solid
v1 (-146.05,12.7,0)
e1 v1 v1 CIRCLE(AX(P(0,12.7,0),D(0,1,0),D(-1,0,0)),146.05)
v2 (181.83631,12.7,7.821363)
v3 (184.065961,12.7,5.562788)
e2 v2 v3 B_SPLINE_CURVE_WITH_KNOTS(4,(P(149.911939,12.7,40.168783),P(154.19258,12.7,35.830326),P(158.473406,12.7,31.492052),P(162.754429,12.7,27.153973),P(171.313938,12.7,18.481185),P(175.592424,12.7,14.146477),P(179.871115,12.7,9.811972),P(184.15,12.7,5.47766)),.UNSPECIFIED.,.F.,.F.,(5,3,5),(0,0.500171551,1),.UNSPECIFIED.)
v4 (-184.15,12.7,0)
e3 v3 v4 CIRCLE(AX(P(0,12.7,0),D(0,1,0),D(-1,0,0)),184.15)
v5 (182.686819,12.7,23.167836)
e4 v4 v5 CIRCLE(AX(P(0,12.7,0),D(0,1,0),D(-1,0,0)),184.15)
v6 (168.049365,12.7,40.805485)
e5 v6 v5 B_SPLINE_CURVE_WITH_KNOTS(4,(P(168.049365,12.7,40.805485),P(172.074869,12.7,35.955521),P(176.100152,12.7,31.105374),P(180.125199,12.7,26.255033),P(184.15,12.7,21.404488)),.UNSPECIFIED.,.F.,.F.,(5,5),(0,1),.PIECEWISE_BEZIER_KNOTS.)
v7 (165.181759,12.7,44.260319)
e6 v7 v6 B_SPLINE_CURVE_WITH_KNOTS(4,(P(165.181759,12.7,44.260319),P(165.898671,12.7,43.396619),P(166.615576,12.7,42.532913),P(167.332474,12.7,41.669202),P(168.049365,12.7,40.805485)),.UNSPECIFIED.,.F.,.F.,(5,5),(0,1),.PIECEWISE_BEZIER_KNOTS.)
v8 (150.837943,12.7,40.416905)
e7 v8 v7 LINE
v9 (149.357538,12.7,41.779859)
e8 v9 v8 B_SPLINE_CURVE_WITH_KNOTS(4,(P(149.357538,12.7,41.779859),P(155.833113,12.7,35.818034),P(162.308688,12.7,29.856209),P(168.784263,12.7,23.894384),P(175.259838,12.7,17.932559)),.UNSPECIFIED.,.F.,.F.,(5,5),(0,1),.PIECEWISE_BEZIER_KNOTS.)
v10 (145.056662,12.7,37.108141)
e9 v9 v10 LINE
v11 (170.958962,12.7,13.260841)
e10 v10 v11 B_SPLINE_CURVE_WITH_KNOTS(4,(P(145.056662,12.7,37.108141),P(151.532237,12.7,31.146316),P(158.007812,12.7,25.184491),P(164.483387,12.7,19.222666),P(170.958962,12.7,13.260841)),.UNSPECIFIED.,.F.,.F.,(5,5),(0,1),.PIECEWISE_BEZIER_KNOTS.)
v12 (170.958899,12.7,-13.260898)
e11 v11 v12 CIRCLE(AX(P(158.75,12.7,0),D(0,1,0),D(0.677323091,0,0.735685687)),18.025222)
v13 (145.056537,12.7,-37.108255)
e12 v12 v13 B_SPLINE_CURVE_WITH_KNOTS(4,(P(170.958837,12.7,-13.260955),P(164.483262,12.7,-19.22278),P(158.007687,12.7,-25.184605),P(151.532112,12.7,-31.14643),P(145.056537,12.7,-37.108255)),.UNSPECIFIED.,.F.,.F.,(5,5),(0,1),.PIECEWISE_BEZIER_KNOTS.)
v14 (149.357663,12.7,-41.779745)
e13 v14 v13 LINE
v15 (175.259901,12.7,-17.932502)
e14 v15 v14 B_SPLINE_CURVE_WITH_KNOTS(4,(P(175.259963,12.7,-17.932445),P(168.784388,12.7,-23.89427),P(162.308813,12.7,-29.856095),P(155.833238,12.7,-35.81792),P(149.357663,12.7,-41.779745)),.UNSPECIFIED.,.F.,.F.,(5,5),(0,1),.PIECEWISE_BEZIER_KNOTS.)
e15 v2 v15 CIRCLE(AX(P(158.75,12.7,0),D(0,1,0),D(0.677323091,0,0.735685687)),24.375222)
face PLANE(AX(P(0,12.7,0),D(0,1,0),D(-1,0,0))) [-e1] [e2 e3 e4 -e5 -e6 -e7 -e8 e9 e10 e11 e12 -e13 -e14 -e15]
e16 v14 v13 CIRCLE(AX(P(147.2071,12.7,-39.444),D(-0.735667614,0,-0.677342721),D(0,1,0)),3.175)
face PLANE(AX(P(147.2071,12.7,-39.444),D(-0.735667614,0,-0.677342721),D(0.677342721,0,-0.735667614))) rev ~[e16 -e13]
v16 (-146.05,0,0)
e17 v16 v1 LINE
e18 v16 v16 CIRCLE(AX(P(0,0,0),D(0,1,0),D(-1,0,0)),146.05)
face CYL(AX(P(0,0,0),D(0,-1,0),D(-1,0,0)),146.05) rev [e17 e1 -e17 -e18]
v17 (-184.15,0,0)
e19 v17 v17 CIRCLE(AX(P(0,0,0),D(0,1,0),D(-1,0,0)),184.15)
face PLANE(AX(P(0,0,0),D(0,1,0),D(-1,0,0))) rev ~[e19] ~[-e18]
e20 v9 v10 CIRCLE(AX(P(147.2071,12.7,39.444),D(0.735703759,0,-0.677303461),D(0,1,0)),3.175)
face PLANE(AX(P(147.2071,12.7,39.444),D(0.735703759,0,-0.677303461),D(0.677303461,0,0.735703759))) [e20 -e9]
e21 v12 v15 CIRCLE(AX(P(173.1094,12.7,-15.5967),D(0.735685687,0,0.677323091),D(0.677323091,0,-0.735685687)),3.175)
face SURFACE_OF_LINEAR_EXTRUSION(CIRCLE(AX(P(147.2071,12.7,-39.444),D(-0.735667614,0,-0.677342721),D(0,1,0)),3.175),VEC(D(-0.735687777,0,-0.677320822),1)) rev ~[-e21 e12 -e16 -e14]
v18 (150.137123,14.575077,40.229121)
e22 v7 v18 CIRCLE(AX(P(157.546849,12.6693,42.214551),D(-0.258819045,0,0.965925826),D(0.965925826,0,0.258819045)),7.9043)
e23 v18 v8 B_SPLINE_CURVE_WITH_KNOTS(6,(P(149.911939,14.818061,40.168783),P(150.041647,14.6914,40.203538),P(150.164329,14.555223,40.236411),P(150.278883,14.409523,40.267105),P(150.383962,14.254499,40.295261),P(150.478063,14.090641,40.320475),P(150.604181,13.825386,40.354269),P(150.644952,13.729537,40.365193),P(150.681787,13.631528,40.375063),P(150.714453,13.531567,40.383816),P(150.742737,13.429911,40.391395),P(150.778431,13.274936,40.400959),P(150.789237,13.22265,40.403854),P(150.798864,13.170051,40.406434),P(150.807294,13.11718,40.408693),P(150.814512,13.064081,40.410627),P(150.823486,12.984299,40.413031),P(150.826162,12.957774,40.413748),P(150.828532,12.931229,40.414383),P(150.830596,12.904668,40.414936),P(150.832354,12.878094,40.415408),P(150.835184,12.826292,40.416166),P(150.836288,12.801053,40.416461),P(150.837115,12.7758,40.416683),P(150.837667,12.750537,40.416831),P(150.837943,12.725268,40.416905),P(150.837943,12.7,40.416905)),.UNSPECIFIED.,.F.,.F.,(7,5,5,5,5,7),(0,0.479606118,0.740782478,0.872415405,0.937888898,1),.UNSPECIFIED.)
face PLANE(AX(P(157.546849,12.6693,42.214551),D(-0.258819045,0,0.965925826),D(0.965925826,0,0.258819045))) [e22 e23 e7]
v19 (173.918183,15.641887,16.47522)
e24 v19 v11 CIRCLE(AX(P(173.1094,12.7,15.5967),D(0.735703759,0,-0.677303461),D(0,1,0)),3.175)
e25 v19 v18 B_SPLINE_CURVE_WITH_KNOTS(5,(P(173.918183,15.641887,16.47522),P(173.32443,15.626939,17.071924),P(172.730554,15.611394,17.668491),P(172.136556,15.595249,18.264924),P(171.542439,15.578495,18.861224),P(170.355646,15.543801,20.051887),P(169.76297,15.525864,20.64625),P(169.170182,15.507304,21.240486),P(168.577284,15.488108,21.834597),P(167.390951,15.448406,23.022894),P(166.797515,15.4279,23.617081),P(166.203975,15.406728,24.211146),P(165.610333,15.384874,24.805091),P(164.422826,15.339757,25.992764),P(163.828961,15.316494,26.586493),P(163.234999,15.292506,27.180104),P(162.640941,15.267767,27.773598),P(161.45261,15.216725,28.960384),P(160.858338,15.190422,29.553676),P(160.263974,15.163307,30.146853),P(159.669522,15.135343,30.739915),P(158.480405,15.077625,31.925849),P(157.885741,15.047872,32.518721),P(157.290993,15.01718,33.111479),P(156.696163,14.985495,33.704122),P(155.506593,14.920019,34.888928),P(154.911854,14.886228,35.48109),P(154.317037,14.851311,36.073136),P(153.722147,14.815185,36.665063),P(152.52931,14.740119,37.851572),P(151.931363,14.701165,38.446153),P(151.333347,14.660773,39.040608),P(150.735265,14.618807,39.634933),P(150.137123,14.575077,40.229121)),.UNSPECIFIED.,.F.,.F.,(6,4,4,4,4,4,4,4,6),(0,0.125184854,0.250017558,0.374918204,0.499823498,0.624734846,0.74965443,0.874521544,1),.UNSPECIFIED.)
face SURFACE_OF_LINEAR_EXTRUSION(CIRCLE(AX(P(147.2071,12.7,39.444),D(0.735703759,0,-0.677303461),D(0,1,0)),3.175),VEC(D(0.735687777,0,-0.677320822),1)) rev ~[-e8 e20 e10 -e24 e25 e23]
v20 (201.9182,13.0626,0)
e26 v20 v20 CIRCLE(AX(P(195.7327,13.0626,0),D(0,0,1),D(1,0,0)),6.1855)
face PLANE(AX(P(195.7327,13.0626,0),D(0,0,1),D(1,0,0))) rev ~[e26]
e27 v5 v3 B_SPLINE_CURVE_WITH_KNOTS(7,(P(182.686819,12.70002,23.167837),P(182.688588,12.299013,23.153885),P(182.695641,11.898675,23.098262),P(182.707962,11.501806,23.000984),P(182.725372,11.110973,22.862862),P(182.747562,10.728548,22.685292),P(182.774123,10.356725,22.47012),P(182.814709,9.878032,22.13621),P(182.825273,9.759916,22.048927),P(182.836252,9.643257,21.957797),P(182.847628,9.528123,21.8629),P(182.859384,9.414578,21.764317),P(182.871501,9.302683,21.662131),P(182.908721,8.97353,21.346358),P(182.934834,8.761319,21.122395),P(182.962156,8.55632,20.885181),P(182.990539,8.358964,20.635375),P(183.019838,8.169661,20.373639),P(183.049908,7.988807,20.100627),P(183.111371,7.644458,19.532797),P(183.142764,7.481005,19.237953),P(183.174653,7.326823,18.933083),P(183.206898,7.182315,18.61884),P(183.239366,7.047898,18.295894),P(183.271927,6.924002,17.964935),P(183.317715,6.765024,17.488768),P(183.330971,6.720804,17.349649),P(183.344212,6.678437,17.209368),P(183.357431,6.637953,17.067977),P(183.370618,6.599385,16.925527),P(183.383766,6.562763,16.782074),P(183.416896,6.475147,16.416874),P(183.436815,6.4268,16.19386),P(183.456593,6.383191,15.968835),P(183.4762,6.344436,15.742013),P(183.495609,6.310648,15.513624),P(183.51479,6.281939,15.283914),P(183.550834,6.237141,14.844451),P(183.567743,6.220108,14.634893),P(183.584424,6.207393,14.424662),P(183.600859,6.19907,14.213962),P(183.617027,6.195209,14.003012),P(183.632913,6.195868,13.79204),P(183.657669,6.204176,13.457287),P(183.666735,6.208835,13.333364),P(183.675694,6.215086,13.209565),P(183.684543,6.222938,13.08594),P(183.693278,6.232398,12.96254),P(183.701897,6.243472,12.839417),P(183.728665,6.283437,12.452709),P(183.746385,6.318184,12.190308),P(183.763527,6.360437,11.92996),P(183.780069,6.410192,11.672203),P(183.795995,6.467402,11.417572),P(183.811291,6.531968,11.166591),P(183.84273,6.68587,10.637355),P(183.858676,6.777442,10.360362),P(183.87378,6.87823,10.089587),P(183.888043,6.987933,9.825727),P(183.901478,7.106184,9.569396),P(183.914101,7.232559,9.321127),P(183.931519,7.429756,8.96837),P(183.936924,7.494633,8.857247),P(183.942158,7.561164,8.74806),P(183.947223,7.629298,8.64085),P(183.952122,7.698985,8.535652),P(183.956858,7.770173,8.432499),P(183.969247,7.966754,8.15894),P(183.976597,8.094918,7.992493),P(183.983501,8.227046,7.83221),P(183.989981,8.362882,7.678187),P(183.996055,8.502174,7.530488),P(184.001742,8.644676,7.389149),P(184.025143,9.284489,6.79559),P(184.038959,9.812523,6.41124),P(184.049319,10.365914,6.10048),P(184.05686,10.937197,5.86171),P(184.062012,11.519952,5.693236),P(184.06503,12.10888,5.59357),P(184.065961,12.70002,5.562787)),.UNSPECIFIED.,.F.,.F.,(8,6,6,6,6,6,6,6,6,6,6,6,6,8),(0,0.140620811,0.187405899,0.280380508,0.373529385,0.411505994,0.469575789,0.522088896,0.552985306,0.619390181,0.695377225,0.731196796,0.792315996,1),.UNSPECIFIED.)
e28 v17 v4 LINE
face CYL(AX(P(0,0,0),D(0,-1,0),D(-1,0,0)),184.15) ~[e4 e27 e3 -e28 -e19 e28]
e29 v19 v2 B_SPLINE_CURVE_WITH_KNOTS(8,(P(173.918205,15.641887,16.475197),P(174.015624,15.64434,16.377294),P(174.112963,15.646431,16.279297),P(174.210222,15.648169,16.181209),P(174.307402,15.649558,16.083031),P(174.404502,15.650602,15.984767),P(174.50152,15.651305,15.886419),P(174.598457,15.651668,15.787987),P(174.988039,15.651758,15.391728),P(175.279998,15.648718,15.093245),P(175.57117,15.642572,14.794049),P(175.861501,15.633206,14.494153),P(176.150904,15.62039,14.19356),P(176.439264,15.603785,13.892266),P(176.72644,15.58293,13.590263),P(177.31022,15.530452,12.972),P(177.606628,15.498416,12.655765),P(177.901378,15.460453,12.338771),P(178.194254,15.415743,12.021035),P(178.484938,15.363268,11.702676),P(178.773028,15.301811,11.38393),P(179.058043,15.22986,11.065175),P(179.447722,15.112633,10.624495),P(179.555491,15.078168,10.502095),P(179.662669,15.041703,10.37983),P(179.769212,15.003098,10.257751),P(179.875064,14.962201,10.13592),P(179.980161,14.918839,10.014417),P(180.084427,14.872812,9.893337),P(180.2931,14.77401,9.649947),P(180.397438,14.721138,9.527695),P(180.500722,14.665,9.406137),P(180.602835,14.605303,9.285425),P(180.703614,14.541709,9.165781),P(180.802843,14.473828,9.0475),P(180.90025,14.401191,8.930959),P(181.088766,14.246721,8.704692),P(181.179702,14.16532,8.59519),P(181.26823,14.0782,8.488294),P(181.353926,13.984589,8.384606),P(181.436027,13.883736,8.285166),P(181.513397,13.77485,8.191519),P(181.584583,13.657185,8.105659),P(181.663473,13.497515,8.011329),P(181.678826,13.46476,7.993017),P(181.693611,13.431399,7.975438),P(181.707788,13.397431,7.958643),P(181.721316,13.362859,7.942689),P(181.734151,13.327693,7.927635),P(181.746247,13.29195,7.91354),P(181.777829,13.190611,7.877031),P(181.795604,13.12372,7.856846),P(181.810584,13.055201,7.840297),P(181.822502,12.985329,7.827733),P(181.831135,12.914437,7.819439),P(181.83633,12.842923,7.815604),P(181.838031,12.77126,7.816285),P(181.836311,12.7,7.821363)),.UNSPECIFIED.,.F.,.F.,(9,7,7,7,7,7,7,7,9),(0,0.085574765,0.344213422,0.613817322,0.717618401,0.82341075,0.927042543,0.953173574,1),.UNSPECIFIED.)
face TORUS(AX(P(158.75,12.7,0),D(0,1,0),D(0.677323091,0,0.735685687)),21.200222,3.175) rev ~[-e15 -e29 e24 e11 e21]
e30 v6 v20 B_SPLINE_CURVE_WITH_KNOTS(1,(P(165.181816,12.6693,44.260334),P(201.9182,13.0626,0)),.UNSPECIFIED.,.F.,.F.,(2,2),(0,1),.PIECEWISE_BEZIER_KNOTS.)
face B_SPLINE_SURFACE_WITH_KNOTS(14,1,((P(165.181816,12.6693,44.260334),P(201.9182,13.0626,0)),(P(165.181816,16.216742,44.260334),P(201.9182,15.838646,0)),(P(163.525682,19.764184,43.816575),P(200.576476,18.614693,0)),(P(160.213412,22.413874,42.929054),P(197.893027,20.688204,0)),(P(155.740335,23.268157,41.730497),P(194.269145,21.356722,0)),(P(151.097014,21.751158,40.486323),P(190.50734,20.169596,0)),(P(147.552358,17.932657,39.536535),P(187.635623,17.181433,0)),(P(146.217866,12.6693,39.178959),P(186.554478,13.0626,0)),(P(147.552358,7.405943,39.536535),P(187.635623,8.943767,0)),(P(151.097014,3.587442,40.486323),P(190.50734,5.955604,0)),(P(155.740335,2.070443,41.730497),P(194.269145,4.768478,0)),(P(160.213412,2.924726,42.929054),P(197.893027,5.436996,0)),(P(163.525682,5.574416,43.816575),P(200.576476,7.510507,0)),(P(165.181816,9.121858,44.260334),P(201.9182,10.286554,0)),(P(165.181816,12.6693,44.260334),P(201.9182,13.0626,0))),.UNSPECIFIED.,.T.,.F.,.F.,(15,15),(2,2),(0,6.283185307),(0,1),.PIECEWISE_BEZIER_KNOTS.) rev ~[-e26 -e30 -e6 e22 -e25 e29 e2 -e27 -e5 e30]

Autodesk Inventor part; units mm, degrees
ref_plane "XZ Plane" through (0, 0, 0) normal (0, 1, 0) x (-1, 0, 0)
sketch "Sketch1" plane through (0, 0, 0) normal (0, 1, 0) x (-1, 0, 0)
  circle A0 centre (0, 0) radius 146.05
  circle A1 centre (0, 0) radius 184.15
  dimension "camInsideDiameter" = 292.1
  dimension "d1" = 368.3
extrude "Extrusion1" add sketch "Sketch1" along normal blind 12.7
sketch "Sketch2" plane through (0, 12.7, 0) normal (0, 1, 0) x (1, 0, 0)
  circle A0 centre (0, 0) radius 146.05 construction
  circle A1 centre (0, 0) radius 184.15 construction
  line L0 (0, 0) -> (147.2071, -39.444) construction
  line L1 (0, 0) -> (184.15, 0) construction
  line L2 (0, 0) -> (147.2071, 39.444) construction
  line L3 (147.2071, -39.444) -> (173.1094, -15.5967)
  line L4 (147.2071, 39.444) -> (173.1094, 15.5967)
  arc A2 (173.1094, -15.5967) -> (173.1094, 15.5967) centre (158.75, 0) ccw
  dimension "oneHalfPhase" = 15
  dimension "d5" = 15
  dimension "innerRadiusForCam" = 152.4
  dimension "innerRadisuForCam" = 152.4
  dimension "d12" = 158.75
sketch "Sketch8" plane through (0, 12.7, 0) normal (0, 1, 0) x (1, 0, 0)
  line L0 (0, 0) -> (184.15, 0) construction
  circle A0 centre (0, 0) radius 184.15 construction
  line L1 (0, 0) -> (177.8752, 47.6615) construction
  line L2 (0, 0) -> (47.6615, 177.8752) construction
  line L3 (0, 0) -> (0, 184.15) construction
  line L4 (0, 0) -> (177.8752, -47.6615) construction
  circle A1 centre (0, 0) radius 155.8689 construction
  circle A2 centre (0, 0) radius 173.9571 construction
  point P0 (150.5578, 40.3418)
  point P1 (168.0296, 45.0234)
  dimension "angleForCamMovement" = 15
  dimension "d17" = 15
  dimension "d18" = 15
sketch "Sketch9" plane through (0, 0, 0) normal (0, 0, 1) x (1, 0, 0)
  circle A0 centre (195.7327, 13.0626) radius 6.1855
  line L0 (-146.05, 12.7) -> (146.05, 12.7) projected
  point P0 (0, 0)
  dimension "d22" = 0.3625
ref_plane "Work Plane2" through (0, 12.7, 0) normal (-0.2588, 0, 0.9659) x (0.9659, 0, 0.2588)
ref_plane "Work Plane3" through (0, 12.7, 0) normal (0.2588, 0, 0.9659) x (0.9659, 0, -0.2588)
ref_plane "Work Plane4" through (0, 12.7, 0) normal (0.9659, 0, 0.2588) x (0.2588, 0, -0.9659)
sketch "Sketch11" plane through (0, 12.7, 0) normal (-0.2588, 0, 0.9659) x (0.9659, 0, 0.2588)
  circle A0 centre (163.1045, -0.0307) radius 7.9043
  point P0 (0, -12.7)
loft "Loft1" add profiles "Sketch11", "Sketch9"
sketch "Sketch7" plane through (0, 12.7, 0) normal (0, 1, 0) x (1, 0, 0)
  circle A0 centre (0, 0) radius 153.9875
  circle A1 centre (0, 0) radius 174.625
  line L0 (0, 0) -> (184.15, 0) construction
  circle A2 centre (0, 0) radius 184.15 construction
  line L1 (0, 0) -> (177.8752, 47.6615) construction
  arc A3 (174.625, 0) -> (148.7405, 39.8549) centre (134.2536, 2.1131) ccw
  arc A4 (148.7405, -39.8549) -> (174.625, 0) centre (134.2536, -2.1131) ccw
  dimension "d13" = 349.25
  dimension "d14" = 307.975
  dimension "d15" = 15
ref_plane "Work Plane1" through (147.2071, 12.7, 39.444) normal (0.7357, 0, -0.6773) x (0, 1, 0)
sketch "Sketch4" plane through (147.2071, 12.7, 39.444) normal (0.7357, 0, -0.6773) x (0, 1, 0)
  circle A0 centre (0, 0) radius 3.175
  point P0 (-12.7, -128.725)
  dimension "d9" = 6.35
sweep "Sweep1" cut profiles "Sketch4" path "Sketch2"
equation "\"innerRadiusForCam\" = innerRadisuForCam"
equation "\"d17\" = angleForCamMovement"
equation "\"d18\" = angleForCamMovement"
equation "\"d5\" = oneHalfPhase"
properties part number "DiskCam" material "PC/ABS Plastic"
